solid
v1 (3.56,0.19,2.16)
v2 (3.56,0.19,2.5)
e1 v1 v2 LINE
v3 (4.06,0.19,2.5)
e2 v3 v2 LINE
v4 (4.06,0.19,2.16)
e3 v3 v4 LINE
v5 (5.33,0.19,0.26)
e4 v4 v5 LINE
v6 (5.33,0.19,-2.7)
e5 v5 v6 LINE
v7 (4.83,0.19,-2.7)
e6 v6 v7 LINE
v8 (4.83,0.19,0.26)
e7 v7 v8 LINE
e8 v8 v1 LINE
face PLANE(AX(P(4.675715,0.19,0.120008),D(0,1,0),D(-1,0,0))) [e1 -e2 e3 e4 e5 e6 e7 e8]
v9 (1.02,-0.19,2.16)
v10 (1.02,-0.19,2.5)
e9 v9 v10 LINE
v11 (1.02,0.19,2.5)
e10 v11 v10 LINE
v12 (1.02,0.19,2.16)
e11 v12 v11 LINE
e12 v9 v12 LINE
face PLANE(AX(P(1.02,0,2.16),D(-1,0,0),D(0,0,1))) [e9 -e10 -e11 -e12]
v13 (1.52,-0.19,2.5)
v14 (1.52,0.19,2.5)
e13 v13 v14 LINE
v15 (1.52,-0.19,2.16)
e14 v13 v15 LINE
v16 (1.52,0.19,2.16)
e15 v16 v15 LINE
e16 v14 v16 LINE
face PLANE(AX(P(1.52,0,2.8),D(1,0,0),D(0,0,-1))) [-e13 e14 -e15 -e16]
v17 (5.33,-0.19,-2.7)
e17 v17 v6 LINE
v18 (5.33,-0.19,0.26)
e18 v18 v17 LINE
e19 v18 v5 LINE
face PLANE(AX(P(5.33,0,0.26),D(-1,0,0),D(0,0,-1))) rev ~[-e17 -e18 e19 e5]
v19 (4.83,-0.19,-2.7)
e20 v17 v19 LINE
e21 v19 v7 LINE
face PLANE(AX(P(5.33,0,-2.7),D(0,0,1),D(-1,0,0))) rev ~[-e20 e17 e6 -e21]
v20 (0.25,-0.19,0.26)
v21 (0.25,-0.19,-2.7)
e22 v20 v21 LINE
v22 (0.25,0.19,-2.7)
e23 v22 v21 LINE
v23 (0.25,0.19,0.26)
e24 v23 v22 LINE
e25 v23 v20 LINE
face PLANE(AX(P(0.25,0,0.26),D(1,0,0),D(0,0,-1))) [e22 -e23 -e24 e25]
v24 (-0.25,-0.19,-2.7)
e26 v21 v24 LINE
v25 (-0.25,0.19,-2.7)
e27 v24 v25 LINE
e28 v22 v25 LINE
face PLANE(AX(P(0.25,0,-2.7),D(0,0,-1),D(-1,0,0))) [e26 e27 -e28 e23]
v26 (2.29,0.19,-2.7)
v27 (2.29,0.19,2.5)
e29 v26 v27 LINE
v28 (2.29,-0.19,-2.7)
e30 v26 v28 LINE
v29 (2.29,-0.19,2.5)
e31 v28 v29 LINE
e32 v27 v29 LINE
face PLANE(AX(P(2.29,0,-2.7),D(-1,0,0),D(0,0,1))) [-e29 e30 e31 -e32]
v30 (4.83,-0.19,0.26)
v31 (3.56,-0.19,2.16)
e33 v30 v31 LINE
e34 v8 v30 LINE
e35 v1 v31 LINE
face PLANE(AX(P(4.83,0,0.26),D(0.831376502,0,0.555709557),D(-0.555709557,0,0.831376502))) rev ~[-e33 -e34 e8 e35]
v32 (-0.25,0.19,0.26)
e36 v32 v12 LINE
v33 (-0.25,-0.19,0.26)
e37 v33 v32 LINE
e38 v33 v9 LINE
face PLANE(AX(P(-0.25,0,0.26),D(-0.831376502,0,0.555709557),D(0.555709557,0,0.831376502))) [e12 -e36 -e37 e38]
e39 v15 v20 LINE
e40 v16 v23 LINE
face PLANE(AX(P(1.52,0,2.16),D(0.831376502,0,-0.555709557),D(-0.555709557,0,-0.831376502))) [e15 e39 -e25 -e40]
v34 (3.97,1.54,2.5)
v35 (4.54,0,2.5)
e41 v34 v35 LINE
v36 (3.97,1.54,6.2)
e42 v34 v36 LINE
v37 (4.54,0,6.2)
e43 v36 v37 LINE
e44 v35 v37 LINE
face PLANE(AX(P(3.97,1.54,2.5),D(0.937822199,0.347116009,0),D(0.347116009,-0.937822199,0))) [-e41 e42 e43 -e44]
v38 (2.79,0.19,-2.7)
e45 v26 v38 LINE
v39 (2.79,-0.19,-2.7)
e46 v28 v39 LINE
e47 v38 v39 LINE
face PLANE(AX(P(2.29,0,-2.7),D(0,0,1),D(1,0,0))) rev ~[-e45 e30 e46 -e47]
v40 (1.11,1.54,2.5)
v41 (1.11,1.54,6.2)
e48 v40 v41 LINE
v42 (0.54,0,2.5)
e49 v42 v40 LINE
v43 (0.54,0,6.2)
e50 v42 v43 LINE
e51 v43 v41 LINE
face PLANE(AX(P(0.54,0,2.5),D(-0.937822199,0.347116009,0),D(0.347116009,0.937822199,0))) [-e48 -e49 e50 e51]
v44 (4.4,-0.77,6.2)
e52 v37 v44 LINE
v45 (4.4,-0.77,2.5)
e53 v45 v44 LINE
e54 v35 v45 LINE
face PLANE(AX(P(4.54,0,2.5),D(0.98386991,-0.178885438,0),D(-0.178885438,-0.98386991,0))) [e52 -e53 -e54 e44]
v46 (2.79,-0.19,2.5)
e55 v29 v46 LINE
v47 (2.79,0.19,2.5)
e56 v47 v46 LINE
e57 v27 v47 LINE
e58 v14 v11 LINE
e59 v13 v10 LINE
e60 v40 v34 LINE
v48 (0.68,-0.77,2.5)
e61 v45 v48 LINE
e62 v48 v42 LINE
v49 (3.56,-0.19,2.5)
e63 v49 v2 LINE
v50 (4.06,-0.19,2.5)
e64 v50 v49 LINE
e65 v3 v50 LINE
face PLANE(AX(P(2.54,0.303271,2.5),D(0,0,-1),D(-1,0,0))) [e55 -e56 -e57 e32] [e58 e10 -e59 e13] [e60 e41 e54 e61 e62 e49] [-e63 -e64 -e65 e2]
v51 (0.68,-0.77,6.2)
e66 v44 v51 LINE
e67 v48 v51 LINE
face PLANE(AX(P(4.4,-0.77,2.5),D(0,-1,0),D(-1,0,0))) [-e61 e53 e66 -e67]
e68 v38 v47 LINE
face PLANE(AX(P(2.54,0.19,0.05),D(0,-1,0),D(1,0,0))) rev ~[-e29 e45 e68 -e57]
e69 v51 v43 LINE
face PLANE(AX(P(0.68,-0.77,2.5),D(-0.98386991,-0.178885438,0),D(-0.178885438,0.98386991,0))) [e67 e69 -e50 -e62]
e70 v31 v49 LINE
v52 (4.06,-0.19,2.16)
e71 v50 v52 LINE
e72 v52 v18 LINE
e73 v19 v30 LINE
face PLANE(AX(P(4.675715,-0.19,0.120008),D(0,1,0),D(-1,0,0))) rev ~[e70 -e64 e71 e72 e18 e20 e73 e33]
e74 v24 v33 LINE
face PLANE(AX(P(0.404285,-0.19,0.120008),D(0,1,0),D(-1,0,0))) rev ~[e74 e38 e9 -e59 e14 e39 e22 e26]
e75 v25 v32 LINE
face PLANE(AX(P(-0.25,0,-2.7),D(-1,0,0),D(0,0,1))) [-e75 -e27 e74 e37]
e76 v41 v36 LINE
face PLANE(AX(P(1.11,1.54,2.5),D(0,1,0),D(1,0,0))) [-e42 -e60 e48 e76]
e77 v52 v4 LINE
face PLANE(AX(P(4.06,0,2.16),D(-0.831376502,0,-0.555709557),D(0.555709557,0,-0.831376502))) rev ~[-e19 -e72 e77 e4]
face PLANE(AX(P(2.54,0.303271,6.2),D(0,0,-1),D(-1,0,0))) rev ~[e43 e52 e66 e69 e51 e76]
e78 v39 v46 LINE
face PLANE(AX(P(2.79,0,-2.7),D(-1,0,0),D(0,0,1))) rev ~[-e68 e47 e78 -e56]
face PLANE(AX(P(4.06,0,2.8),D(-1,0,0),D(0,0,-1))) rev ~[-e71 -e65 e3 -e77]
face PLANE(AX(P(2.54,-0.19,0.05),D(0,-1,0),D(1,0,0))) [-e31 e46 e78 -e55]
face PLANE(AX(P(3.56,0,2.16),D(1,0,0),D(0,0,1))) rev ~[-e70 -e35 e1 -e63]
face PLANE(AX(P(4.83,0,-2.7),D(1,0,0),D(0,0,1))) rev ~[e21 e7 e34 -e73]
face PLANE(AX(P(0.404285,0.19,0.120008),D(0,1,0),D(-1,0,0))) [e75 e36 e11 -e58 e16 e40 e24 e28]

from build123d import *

# Parameters (mm, degrees)
PAD_DEPTH    = 3.7
SKETCH001_W  = 0.5
SKETCH001_H  = 5.5
PAD001_DEPTH = 0.19


with BuildPart() as pad:
    # Sketch002 → Pad (new body)
    with BuildSketch(Plane.XY.offset(2.5)):
        Polygon((1.11, 1.54), (3.97, 1.54), (4.54, 0), (4.4, -0.77), (0.68, -0.77), (0.54, 0), align=None)
    extrude(amount=PAD_DEPTH)


with BuildPart() as to_92s_wide:
    # Sketch001 → Pad001 (new body, symmetric)
    with BuildSketch(Plane.XZ):
        with Locations((2.54, 0.05)):
            Rectangle(SKETCH001_W, SKETCH001_H)
        Polygon((0.25, -2.7), (-0.25, -2.7), (-0.25, 0.26), (1.02, 2.16), (1.02, 2.8), (1.52, 2.8), (1.52, 2.16), (0.25, 0.26), align=None)
        Polygon((3.56, 2.8), (4.06, 2.8), (4.06, 2.16), (5.33, 0.26), (5.33, -2.7), (4.83, -2.7), (4.83, 0.26), (3.56, 2.16), align=None)
    extrude(amount=PAD001_DEPTH, both=True)

    # Pad001_mp_cp: union Pad
    add(pad.part)


solid = to_92s_wide.part
